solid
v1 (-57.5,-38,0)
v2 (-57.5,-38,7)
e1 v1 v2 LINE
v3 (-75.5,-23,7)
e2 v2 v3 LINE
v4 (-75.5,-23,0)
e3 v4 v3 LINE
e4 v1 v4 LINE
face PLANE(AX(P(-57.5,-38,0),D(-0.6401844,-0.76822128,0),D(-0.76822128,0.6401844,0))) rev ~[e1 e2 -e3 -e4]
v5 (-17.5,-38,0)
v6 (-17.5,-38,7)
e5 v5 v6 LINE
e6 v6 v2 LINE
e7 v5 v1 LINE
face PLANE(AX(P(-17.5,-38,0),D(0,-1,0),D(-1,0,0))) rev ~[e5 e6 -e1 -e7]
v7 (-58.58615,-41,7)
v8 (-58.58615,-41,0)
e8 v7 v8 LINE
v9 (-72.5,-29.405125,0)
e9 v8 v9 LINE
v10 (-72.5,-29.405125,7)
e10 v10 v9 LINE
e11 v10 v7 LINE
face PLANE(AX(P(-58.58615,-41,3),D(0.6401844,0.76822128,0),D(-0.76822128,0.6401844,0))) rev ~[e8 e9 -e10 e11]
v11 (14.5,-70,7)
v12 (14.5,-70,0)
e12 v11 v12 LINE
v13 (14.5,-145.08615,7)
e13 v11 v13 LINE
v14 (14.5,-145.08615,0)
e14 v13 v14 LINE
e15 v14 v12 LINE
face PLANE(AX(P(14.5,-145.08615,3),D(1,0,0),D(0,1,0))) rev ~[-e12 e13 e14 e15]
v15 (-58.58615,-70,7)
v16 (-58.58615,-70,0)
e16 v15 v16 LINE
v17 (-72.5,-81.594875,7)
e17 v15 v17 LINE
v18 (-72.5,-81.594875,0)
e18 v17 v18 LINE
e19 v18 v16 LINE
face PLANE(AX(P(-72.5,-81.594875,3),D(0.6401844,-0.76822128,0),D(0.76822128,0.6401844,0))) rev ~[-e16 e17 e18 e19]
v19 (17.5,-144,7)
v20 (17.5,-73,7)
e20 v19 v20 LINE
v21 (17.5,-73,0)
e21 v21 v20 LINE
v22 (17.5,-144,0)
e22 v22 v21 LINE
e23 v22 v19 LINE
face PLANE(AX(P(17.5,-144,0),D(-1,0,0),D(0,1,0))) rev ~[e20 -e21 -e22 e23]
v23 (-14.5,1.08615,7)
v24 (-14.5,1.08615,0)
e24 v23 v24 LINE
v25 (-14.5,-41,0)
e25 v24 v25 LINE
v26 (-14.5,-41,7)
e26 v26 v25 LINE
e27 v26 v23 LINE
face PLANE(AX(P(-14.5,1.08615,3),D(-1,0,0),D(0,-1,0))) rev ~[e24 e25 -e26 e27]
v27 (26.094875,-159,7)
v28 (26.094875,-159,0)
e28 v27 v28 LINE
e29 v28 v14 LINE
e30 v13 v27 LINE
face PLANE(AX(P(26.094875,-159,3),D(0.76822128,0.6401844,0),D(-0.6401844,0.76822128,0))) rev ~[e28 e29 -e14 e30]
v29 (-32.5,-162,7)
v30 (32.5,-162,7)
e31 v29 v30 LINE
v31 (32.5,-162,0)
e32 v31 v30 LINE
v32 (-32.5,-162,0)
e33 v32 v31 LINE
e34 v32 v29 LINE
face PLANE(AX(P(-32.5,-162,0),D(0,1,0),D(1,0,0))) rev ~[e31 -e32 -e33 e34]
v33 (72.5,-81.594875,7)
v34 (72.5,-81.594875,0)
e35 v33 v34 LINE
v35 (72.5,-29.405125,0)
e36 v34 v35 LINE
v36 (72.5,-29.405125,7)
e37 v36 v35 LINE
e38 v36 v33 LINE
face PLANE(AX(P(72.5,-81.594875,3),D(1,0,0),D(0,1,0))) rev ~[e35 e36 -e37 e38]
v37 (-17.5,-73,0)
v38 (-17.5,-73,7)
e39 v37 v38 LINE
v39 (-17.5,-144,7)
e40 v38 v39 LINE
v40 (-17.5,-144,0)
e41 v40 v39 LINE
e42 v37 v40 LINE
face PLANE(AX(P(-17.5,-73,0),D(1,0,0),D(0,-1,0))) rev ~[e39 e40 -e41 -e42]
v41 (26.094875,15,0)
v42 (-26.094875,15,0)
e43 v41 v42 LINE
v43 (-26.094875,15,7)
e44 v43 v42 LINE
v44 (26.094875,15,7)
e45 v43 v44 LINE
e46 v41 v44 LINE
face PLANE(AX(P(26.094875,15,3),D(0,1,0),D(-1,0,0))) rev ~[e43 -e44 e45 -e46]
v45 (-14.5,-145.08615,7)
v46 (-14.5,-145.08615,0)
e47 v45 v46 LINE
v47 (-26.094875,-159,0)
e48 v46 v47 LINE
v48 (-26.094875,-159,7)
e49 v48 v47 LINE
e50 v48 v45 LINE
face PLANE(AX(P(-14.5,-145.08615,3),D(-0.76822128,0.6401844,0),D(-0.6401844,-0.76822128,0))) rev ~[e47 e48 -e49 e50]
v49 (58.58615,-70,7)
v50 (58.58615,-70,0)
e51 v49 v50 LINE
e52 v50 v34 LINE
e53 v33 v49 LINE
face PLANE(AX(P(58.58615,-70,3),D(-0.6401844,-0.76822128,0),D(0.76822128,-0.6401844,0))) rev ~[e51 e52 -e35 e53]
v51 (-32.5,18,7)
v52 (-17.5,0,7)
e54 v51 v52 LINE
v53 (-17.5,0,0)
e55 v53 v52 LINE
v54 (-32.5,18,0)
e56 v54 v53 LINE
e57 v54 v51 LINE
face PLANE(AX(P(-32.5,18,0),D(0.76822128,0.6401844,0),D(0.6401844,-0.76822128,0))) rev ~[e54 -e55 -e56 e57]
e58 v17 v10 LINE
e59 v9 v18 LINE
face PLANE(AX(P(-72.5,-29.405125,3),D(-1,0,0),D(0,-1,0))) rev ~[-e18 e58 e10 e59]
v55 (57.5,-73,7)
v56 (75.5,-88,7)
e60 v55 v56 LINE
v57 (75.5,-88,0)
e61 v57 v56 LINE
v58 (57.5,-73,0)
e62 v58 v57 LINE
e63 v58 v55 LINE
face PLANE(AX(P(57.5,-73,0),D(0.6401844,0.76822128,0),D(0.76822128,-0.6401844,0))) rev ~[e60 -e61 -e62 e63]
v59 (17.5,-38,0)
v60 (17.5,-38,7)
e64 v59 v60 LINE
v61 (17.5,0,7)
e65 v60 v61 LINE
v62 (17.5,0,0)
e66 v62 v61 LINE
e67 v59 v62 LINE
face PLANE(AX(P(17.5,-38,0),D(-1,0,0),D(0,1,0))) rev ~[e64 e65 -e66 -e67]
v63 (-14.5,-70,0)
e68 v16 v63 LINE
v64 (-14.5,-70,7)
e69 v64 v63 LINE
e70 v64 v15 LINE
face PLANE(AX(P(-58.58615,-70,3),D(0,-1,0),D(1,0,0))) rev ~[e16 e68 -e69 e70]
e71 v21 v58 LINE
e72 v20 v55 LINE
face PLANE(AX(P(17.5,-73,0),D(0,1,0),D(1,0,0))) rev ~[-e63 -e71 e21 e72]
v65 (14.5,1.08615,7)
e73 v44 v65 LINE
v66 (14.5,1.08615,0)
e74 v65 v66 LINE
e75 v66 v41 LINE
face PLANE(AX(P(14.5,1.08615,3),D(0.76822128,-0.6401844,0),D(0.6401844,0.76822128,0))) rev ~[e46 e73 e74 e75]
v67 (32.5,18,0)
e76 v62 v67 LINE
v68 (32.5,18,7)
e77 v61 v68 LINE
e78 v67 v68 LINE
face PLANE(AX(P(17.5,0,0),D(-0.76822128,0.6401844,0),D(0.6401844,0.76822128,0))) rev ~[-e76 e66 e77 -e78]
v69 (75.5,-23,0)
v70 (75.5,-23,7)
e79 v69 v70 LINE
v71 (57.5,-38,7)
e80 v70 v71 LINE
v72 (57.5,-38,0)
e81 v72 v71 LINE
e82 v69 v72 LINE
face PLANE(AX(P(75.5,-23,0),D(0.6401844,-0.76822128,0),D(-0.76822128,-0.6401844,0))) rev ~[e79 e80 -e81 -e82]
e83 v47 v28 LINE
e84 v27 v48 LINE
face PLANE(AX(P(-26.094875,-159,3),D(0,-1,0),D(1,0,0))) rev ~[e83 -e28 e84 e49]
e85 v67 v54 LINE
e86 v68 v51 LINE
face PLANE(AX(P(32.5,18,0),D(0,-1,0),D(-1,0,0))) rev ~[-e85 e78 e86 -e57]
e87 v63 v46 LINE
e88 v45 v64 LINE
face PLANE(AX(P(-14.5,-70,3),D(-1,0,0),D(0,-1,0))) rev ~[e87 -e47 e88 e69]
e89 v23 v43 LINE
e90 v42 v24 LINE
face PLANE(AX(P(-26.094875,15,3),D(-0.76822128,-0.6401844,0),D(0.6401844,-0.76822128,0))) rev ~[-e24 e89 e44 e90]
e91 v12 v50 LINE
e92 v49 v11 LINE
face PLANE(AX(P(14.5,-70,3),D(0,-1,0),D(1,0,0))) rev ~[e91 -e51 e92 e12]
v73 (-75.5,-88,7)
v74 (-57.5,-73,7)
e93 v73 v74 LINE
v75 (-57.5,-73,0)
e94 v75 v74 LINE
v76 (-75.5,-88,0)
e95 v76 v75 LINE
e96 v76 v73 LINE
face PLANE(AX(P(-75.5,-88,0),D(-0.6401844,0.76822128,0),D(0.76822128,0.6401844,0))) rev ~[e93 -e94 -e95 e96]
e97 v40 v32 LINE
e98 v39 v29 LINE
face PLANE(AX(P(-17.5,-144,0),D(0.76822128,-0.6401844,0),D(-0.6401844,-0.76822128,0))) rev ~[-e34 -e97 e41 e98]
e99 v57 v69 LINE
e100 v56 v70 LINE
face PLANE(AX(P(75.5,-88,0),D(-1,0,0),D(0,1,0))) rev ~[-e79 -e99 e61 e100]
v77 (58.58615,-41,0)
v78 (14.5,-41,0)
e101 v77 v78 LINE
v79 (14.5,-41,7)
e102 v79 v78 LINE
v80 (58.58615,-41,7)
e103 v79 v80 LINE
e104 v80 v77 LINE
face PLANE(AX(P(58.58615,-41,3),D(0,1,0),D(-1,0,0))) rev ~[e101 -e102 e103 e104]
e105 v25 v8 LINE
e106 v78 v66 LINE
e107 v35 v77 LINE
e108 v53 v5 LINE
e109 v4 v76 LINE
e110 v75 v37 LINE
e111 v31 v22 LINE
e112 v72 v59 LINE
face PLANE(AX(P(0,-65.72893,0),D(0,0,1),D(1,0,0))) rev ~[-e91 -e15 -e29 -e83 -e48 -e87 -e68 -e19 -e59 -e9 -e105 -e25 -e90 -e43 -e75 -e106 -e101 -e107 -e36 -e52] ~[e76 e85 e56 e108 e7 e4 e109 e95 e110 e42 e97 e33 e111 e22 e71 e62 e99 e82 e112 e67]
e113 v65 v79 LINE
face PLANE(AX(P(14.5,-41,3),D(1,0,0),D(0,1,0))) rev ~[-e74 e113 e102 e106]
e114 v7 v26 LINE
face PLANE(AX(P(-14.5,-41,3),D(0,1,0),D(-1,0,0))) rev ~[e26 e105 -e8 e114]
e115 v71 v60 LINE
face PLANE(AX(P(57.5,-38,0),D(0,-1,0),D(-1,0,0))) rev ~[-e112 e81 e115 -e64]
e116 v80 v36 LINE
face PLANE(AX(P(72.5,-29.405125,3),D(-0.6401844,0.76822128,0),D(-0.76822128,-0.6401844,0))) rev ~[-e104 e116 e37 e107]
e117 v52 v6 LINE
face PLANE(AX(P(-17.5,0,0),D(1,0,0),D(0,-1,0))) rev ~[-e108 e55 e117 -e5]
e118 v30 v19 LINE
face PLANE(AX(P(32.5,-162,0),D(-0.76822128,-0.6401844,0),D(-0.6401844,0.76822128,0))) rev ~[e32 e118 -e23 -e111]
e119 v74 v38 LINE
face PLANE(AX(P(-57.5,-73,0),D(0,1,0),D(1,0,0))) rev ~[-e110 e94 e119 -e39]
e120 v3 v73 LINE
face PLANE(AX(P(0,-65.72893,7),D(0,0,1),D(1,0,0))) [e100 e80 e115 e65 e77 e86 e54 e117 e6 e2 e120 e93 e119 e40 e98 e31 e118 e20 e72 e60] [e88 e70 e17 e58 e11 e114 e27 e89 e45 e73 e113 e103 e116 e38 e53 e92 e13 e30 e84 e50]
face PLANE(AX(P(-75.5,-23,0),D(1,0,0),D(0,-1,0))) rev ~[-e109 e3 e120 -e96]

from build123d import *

# Parameters (mm, degrees)
F1_DEPTH = 7
F2_T     = -3
F3_DEPTH = 25


with BuildPart() as f1:
    # F0 (on Top) → F1 (new body)
    with BuildSketch(Plane.XY):
        Polygon((-32.5, 18), (-17.5, 0), (-17.5, -38), (-57.5, -38), (-75.5, -23), (-75.5, -88), (-57.5, -73), (-17.5, -73), (-17.5, -144), (-32.5, -162), (32.5, -162), (17.5, -144), (17.5, -73), (57.5, -73), (75.5, -88), (75.5, -23), (57.5, -38), (17.5, -38), (17.5, 0), (32.5, 18), align=None)
    extrude(amount=F1_DEPTH)

    # F2
    f2_openings = [f1.faces().sort_by_distance(p)[0] for p in [
        (0, -65.365385, 7),
    ]]
    offset(amount=F2_T, openings=f2_openings, kind=Kind.INTERSECTION)

    # F3 (cut): a face of the model
    f3_faces = [f1.faces().sort_by_distance(p)[0] for p in [
        (0, -65.2824145306, 3),
    ]]
    extrude(f3_faces, amount=-F3_DEPTH, mode=Mode.SUBTRACT)


solid = f1.part
